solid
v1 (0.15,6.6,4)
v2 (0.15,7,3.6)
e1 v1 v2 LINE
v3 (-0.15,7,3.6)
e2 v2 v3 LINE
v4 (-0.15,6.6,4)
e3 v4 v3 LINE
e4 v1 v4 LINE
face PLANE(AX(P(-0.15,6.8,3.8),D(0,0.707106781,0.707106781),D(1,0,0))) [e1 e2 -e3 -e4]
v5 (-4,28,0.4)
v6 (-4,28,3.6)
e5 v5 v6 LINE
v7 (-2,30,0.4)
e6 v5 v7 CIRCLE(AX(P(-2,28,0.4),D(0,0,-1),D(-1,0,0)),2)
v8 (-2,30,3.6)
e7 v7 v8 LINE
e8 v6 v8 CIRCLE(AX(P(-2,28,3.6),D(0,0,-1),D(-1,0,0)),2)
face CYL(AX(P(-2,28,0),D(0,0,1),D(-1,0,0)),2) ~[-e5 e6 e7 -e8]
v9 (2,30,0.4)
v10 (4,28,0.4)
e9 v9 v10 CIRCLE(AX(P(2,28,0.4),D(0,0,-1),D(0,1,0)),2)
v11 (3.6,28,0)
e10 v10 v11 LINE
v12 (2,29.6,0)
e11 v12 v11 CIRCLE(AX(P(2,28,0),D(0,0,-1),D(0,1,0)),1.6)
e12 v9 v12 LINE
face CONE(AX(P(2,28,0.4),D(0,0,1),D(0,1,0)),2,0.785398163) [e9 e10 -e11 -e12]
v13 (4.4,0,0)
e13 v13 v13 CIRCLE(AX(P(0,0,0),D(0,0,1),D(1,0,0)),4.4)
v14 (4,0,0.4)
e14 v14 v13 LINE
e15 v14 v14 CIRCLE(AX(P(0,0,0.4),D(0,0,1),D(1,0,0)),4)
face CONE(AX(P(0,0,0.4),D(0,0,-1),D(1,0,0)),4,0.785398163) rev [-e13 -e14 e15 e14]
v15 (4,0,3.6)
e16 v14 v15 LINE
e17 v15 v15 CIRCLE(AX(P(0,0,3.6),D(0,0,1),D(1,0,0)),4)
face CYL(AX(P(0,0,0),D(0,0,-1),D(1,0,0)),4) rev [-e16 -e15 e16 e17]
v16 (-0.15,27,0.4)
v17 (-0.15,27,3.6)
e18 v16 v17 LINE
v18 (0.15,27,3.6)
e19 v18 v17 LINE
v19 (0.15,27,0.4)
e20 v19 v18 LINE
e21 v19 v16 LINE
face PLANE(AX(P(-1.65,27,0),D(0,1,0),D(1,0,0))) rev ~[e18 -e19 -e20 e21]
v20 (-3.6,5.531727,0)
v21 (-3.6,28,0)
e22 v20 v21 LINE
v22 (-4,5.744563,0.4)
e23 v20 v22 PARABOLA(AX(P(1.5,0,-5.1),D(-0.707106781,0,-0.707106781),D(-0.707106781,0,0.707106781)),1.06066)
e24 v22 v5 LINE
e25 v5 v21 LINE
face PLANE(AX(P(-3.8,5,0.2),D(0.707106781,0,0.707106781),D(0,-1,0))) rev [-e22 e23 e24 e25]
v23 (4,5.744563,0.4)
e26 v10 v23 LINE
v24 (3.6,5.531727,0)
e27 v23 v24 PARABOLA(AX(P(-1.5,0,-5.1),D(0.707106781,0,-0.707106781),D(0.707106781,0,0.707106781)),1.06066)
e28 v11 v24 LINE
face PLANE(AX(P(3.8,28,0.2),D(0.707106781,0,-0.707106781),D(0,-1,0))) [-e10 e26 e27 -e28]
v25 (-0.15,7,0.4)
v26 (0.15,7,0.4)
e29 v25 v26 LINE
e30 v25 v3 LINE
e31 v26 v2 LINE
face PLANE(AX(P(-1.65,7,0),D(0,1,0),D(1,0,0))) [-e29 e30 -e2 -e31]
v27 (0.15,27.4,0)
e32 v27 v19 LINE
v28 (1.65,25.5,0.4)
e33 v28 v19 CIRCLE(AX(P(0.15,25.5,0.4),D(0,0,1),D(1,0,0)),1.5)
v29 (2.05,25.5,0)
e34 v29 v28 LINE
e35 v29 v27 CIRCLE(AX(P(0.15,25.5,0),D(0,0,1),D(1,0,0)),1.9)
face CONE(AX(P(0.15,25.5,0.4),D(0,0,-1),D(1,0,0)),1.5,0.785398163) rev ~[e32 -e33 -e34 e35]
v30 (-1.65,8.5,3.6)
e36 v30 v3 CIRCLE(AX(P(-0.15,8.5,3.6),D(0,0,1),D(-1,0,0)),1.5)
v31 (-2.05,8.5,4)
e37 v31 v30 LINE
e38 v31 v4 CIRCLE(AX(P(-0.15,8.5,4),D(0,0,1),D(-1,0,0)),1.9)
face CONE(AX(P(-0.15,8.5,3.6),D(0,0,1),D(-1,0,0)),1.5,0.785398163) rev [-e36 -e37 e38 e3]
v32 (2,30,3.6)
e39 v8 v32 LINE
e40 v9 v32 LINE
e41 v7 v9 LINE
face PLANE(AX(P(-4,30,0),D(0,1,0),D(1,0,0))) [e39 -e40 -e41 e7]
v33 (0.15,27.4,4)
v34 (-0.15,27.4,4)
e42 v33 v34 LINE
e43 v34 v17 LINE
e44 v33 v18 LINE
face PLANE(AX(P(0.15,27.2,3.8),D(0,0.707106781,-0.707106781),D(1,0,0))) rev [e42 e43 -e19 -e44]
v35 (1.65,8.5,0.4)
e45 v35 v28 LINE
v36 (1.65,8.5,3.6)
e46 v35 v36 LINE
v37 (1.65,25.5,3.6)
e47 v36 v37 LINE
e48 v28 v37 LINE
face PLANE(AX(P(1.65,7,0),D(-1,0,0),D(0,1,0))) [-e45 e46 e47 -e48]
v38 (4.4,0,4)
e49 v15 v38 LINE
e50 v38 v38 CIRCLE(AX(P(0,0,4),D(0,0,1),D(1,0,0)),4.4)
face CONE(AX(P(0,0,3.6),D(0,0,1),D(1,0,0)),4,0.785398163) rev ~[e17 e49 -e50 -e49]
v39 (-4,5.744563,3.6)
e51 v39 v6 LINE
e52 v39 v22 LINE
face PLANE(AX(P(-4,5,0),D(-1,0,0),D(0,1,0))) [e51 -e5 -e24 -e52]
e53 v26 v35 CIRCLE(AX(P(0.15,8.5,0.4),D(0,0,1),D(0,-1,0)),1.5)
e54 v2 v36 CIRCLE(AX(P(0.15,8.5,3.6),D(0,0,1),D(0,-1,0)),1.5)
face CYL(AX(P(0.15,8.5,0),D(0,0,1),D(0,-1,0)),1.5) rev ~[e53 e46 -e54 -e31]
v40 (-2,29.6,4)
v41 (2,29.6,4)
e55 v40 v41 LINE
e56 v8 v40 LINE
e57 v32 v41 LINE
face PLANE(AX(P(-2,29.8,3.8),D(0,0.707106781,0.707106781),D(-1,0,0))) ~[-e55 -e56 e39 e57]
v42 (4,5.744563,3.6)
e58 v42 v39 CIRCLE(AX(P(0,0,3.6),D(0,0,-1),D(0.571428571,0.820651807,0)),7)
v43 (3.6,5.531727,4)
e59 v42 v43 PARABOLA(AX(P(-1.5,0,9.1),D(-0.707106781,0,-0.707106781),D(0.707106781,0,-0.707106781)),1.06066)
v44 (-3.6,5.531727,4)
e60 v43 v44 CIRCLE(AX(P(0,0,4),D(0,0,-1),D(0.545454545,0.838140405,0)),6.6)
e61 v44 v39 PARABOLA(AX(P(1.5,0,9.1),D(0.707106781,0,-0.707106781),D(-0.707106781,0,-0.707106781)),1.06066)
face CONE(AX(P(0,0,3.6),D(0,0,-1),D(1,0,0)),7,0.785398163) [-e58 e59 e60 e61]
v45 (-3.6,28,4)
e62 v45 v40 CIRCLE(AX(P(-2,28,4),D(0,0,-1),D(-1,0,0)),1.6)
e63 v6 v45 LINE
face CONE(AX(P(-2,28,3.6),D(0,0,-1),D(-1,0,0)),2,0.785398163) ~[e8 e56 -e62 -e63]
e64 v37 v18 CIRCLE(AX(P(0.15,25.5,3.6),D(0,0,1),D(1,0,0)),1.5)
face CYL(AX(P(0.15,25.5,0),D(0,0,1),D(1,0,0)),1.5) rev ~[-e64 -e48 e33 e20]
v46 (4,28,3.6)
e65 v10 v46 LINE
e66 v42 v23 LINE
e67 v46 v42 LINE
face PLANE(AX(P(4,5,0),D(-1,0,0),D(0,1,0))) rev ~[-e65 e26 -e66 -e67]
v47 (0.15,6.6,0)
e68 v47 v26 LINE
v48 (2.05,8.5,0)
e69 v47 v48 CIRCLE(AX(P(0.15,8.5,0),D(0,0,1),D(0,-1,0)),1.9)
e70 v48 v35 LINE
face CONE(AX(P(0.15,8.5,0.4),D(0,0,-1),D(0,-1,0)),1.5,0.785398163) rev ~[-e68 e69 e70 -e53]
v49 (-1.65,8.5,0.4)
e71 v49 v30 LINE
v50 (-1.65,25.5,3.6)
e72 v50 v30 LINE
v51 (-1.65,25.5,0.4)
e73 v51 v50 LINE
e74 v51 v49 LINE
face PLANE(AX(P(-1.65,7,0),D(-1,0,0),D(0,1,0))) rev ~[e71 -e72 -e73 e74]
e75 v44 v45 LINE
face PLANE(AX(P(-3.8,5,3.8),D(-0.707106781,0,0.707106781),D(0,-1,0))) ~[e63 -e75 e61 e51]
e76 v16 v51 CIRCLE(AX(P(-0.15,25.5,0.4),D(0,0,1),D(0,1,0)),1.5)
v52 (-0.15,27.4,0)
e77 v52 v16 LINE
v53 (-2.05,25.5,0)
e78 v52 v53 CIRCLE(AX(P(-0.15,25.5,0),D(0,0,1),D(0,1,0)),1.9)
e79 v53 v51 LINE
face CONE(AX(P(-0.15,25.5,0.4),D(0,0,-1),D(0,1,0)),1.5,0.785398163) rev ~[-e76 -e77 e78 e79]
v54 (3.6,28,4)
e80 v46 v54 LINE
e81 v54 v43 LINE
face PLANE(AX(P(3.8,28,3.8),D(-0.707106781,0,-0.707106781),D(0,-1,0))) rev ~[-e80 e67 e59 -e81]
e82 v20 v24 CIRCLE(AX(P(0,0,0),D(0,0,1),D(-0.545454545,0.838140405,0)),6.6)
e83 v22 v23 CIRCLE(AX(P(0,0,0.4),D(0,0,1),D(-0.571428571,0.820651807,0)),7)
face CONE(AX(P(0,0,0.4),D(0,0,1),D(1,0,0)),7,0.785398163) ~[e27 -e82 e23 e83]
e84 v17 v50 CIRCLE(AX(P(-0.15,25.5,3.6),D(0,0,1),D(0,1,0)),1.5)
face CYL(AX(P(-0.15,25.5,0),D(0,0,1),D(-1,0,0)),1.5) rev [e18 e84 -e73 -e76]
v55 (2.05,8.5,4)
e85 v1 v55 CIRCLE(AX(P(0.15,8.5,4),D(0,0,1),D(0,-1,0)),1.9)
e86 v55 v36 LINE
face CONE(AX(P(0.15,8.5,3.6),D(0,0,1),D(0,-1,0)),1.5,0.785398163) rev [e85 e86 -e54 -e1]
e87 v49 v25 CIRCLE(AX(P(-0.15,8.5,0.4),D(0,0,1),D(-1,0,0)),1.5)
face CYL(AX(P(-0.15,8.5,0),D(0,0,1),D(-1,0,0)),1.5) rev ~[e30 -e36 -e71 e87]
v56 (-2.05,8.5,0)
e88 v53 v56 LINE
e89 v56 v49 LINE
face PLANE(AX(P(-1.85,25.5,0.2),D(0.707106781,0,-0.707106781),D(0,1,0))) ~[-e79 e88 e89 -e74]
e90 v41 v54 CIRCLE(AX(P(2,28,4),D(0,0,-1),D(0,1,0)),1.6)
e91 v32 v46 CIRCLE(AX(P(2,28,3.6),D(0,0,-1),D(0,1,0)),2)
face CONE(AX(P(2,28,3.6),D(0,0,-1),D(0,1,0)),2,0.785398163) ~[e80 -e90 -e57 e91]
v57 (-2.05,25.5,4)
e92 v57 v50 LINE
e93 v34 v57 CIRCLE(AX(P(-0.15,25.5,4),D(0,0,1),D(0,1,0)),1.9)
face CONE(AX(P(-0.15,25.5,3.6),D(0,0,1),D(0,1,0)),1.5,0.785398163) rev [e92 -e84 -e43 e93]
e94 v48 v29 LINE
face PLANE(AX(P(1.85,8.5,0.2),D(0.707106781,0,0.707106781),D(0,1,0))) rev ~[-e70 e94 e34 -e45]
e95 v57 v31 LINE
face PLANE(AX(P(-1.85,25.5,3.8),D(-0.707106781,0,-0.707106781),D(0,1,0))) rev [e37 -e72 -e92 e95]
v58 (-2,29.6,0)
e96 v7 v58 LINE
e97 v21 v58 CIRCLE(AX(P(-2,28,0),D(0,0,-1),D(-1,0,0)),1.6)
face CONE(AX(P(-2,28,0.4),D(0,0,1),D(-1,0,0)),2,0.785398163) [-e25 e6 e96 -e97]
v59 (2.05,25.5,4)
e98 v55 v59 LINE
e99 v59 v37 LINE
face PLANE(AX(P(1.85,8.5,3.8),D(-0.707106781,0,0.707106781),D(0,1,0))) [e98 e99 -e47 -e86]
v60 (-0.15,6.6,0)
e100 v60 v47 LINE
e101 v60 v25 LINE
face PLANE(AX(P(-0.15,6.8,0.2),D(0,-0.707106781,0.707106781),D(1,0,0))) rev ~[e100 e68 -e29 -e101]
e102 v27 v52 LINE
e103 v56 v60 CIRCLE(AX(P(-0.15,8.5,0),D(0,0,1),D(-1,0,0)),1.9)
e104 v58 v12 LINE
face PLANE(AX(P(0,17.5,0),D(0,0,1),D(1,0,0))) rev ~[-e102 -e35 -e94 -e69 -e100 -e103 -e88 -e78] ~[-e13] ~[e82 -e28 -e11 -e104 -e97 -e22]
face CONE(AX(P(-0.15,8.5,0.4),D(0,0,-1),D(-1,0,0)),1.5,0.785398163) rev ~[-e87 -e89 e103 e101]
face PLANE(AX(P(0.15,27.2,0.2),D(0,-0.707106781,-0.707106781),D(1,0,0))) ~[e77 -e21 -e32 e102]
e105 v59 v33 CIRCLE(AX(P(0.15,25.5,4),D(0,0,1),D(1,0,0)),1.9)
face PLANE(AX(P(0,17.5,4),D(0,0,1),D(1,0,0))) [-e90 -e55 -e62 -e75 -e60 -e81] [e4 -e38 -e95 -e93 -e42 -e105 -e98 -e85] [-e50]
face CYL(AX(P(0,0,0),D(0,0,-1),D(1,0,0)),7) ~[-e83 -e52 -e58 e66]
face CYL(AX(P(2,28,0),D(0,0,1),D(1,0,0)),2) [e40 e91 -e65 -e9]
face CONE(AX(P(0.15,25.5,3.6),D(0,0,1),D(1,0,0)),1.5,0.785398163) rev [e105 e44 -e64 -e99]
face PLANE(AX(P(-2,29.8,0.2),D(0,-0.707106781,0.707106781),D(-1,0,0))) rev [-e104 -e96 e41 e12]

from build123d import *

# Parameters (mm, degrees)
BOX001001002_W     = 3.3
BOX001001002_H     = 20
BOX001001002_DEPTH = 10
FILLET001_R        = 1.5
BOX001001003_W     = 8
BOX001001003_H     = 25
BOX001001003_DEPTH = 4
FILLET002_R        = 2
CHAMFER002_SIZE    = 0.4
TUBE_R             = 7
TUBE_R_2           = 4
TUBE_DEPTH         = 4
CHAMFER001_SIZE    = 0.4


with BuildPart() as fillet001:
    # Box001001002 → Box001001002 (new body)
    with BuildSketch(Plane(origin=(-1.65, 7, 0), x_dir=(1, 0, 0), z_dir=(0, 0, 1))):
        with Locations((1.65, 10)):
            Rectangle(BOX001001002_W, BOX001001002_H)
    extrude(amount=BOX001001002_DEPTH)

    # Fillet001
    fillet001_edges = [fillet001.edges().sort_by_distance(p)[0] for p in [
        (-1.65, 7, 5),
        (-1.65, 27, 5),
        (1.65, 7, 5),
        (1.65, 27, 5),
    ]]
    fillet(fillet001_edges, radius=FILLET001_R)


with BuildPart() as chamfer002:
    # Box001001003 → Box001001003 (new body)
    with BuildSketch(Plane(origin=(-4, 5, 0), x_dir=(1, 0, 0), z_dir=(0, 0, 1))):
        with Locations((4, 12.5)):
            Rectangle(BOX001001003_W, BOX001001003_H)
    extrude(amount=BOX001001003_DEPTH)

    # Fillet002
    fillet002_edges = [chamfer002.edges().sort_by_distance(p)[0] for p in [
        (-4, 30, 2),
        (4, 30, 2),
    ]]
    fillet(fillet002_edges, radius=FILLET002_R)

    # Cut002008023012009006003002007003: cut Fillet001
    add(fillet001.part, mode=Mode.SUBTRACT)

    # Chamfer002
    chamfer002_edges = [chamfer002.edges().sort_by_distance(p)[0] for p in [
        (-4, 16.5, 4),
        (-4, 16.5, 0),
        (-3.414214, 29.414214, 4),
        (0, 5, 4),
        (0, 30, 4),
        (4, 16.5, 4),
        (3.414214, 29.414214, 4),
        (-1.21066, 7.43934, 4),
        (0, 7, 4),
        (1.21066, 7.43934, 4),
        (1.65, 17, 4),
        (1.21066, 26.56066, 4),
        (0, 27, 4),
        (-1.21066, 26.56066, 4),
        (-1.65, 17, 4),
        (0, 5, 0),
        (-3.414214, 29.414214, 0),
        (0, 30, 0),
        (4, 16.5, 0),
        (3.414214, 29.414214, 0),
        (-1.21066, 7.43934, 0),
        (0, 7, 0),
        (1.21066, 7.43934, 0),
        (1.65, 17, 0),
        (1.21066, 26.56066, 0),
        (0, 27, 0),
        (-1.21066, 26.56066, 0),
        (-1.65, 17, 0),
    ]]
    chamfer(chamfer002_edges, length=CHAMFER002_SIZE)


with BuildPart() as ptfe_tube_guide_arm_straight:
    # Tube → Tube (new body)
    with BuildSketch(Plane.XY):
        Circle(TUBE_R)
        Circle(TUBE_R_2, mode=Mode.SUBTRACT)
    extrude(amount=TUBE_DEPTH)

    # Chamfer001
    chamfer001_edges = [ptfe_tube_guide_arm_straight.edges().sort_by_distance(p)[0] for p in [
        (-7, 0, 4),
        (-7, 0, 0),
        (-4, 0, 4),
        (-4, 0, 0),
    ]]
    chamfer(chamfer001_edges, length=CHAMFER001_SIZE)

    # Fusion001: union Chamfer002
    add(chamfer002.part)


solid = ptfe_tube_guide_arm_straight.part
